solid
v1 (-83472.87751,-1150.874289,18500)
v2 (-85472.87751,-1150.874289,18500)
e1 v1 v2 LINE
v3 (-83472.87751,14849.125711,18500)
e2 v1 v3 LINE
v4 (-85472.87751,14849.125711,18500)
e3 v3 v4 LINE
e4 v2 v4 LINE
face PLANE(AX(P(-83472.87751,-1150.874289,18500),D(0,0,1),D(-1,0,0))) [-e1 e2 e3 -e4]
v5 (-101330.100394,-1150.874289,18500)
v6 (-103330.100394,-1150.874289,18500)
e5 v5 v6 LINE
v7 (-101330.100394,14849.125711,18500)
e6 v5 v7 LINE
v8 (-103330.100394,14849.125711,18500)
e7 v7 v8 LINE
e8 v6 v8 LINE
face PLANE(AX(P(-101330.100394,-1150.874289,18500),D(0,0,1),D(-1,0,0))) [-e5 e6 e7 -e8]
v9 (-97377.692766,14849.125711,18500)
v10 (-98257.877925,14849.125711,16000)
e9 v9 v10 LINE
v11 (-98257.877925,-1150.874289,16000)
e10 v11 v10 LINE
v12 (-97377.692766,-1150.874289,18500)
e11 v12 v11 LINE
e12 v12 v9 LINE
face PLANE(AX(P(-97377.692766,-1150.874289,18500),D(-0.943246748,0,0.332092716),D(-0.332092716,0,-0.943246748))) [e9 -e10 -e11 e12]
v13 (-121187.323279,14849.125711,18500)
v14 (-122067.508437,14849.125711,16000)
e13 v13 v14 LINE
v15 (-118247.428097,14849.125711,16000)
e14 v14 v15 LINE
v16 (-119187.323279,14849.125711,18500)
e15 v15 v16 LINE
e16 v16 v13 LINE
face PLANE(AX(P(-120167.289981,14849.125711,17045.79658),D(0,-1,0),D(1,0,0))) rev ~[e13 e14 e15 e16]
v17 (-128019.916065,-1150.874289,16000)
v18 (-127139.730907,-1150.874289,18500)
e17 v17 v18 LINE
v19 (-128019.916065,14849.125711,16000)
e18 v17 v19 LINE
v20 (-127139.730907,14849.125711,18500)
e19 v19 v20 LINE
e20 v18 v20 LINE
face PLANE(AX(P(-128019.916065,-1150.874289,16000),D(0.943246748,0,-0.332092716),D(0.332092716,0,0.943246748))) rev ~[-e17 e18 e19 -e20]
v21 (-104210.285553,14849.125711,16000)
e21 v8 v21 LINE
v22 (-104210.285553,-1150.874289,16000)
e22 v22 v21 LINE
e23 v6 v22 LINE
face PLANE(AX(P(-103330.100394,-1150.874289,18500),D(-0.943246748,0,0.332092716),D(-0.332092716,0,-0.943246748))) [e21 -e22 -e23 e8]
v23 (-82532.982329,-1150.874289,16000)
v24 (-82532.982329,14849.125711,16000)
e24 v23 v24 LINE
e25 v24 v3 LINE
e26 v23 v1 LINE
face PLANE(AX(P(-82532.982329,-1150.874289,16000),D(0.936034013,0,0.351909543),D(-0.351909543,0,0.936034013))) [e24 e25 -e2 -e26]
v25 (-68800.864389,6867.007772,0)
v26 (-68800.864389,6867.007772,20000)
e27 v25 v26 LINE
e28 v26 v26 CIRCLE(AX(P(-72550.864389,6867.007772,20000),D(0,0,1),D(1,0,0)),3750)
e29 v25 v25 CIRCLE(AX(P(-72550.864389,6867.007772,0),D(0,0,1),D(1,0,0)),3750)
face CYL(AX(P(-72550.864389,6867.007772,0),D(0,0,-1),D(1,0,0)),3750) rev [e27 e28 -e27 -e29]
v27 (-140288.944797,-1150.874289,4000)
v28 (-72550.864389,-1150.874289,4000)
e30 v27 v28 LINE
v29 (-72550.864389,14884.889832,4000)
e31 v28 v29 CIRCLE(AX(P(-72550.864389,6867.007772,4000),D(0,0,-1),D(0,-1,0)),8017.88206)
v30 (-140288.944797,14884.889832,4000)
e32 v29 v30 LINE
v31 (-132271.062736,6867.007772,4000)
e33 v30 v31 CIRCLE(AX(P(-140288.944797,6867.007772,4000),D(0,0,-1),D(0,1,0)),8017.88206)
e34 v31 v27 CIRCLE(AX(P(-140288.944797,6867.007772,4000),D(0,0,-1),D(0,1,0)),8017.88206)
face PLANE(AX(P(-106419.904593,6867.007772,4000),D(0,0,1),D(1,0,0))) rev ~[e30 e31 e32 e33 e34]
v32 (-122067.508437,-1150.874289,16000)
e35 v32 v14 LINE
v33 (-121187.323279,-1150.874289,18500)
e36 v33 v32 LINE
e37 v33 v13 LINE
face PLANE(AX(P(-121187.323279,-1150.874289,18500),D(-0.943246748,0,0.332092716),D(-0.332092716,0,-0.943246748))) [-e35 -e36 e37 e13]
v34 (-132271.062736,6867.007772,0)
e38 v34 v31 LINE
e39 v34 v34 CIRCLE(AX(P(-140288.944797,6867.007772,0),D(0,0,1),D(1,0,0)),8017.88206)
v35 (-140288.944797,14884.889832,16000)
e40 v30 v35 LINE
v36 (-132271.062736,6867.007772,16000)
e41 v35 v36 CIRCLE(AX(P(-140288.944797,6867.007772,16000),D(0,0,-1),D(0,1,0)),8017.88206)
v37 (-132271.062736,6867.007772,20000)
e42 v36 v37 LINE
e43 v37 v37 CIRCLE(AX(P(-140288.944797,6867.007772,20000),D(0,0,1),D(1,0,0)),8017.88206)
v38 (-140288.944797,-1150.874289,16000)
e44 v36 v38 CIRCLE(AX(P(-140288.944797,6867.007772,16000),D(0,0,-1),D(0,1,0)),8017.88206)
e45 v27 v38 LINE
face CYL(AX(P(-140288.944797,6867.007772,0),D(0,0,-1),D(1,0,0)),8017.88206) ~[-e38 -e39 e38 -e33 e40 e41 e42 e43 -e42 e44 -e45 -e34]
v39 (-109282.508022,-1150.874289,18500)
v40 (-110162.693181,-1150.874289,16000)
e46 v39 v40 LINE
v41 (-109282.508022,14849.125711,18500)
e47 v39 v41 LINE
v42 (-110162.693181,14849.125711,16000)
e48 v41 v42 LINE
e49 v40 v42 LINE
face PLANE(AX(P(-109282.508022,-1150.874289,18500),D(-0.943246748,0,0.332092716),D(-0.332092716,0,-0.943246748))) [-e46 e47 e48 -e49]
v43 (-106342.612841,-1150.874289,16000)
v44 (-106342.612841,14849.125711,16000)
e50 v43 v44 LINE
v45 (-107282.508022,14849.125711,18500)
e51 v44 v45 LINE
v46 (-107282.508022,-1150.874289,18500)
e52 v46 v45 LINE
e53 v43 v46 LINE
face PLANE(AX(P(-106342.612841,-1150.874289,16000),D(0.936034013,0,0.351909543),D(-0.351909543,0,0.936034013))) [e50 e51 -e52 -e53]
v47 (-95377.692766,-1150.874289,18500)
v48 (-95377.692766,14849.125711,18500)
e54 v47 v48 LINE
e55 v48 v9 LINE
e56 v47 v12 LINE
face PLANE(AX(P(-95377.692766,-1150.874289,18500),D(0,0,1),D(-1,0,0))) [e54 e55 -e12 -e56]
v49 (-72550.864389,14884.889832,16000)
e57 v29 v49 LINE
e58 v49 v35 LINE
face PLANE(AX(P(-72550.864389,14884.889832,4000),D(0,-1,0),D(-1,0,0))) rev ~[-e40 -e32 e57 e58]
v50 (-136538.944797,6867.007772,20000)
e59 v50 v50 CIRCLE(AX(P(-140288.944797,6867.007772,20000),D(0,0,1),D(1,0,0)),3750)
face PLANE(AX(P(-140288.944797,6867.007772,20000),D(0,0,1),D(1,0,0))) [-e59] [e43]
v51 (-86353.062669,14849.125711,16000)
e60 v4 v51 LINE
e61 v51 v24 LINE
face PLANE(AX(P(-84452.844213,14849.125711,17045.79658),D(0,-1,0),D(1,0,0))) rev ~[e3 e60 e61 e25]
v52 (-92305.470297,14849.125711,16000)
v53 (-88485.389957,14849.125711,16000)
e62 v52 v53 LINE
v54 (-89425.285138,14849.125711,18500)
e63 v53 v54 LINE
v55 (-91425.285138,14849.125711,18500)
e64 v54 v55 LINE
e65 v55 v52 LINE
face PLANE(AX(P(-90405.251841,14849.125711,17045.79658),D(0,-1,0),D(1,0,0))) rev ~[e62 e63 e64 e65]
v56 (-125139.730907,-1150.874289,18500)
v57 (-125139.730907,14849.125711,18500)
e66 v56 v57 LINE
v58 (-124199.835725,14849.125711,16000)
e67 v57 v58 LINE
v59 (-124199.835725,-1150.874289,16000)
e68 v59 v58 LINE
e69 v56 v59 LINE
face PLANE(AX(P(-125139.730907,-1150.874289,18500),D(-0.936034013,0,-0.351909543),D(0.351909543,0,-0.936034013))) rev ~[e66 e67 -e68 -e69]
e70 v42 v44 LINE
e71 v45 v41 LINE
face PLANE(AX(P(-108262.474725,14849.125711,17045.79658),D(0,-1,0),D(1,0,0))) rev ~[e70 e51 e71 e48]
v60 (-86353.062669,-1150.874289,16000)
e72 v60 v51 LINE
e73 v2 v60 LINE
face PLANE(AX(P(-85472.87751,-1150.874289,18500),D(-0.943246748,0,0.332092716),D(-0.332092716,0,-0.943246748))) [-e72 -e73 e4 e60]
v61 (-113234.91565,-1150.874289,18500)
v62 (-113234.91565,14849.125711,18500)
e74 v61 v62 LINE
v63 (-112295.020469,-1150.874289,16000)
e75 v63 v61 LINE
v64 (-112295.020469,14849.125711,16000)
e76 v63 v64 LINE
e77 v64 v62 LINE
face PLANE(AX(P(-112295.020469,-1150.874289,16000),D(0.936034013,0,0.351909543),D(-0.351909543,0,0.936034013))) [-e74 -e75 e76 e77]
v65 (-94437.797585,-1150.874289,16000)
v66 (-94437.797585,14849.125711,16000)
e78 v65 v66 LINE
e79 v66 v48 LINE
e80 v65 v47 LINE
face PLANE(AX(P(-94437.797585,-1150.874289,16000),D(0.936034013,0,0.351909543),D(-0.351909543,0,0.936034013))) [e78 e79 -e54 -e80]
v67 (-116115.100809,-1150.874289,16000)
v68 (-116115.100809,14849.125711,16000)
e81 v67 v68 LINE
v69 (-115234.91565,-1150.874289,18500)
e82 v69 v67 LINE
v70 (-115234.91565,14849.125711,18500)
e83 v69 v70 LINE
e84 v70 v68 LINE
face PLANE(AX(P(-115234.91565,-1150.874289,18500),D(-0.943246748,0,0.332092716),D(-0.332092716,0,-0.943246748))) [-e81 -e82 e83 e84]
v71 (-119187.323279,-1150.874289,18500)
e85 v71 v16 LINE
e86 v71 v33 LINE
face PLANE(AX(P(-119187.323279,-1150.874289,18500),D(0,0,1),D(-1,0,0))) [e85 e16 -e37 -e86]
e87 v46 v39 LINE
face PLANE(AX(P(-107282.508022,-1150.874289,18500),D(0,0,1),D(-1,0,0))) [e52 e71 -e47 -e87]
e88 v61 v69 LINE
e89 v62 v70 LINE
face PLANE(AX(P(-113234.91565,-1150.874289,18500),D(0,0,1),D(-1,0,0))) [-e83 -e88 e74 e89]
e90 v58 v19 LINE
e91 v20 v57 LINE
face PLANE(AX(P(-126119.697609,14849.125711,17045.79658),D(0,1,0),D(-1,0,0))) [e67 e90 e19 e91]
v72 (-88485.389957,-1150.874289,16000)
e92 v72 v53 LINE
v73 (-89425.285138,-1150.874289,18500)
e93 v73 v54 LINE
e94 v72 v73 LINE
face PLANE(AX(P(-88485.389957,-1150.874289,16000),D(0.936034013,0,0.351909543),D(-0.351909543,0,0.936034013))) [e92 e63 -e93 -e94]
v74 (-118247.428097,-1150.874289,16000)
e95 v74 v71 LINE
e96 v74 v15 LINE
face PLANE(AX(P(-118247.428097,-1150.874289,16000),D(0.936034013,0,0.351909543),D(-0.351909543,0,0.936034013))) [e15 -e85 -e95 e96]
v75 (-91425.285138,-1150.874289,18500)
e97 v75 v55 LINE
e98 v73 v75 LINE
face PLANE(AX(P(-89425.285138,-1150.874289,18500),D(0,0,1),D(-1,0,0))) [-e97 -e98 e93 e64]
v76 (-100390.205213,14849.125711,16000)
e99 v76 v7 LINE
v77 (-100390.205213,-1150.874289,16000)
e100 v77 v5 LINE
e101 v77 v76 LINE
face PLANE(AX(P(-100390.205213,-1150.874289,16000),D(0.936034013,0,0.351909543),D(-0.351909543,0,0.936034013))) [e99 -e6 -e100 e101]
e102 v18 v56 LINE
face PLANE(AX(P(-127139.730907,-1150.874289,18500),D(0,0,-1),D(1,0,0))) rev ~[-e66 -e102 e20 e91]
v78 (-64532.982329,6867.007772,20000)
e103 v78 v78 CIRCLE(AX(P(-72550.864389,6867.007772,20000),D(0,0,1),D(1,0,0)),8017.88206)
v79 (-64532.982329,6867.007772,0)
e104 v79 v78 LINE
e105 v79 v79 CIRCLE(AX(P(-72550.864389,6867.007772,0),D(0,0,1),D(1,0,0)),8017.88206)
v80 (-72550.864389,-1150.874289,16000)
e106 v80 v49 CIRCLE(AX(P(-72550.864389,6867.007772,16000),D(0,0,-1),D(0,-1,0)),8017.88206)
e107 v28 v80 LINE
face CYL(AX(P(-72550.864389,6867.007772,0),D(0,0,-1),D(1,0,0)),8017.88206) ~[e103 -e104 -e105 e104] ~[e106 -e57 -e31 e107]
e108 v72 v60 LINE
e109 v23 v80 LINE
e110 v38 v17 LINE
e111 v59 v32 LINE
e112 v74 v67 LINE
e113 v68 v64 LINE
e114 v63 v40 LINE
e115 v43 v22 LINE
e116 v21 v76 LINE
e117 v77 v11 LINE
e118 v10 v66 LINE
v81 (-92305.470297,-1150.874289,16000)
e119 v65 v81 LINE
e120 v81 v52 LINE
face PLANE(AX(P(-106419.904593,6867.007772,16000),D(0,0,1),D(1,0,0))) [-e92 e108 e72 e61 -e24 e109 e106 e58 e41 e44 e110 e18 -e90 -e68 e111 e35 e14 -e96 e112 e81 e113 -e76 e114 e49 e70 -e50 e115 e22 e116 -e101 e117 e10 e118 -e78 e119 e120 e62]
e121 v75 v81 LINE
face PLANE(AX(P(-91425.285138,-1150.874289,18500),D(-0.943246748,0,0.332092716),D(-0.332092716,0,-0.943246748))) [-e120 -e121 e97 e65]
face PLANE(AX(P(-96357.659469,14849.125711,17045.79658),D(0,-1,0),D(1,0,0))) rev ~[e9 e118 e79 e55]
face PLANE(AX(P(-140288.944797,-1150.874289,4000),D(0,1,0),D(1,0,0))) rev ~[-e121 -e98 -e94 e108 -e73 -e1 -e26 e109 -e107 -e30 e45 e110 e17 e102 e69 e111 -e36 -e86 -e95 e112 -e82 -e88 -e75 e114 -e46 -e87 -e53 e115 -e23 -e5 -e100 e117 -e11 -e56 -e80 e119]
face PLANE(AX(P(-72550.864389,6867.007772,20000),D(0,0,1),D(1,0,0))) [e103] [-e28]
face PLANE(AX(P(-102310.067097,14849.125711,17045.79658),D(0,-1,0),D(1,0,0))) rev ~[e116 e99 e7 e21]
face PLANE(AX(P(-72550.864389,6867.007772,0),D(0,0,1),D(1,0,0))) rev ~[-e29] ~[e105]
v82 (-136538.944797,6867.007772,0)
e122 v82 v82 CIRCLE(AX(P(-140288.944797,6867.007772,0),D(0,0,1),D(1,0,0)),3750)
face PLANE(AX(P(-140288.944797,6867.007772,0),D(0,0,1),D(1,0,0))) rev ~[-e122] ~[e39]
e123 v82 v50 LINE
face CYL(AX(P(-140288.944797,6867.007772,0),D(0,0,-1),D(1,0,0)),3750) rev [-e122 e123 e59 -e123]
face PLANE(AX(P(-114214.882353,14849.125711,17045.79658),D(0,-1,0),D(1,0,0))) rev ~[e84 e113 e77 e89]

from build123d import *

# Parameters (mm, degrees)
SKETCH3_R             = 8017.882060266
SKETCH3_R_2           = 3750
BOSS_EXTRUDE1_DEPTH   = 20000
BOSS_EXTRUDE1_2_DEPTH = 20000
BOSS_EXTRUDE2_START   = 4000
BOSS_EXTRUDE2_DEPTH   = 12000
BOSS_EXTRUDE3_DEPTH   = 16000


with BuildPart() as part:
    # Sketch3 → Boss-Extrude1 (new body)
    with BuildSketch(Plane.XY):
        with Locations((-140288.944796633, 6867.007771622)):
            Circle(SKETCH3_R)
        with Locations((-140288.944796633, 6867.007771622)):
            Circle(SKETCH3_R_2, mode=Mode.SUBTRACT)
    extrude(amount=BOSS_EXTRUDE1_DEPTH)



with BuildPart() as body_2:
    # Sketch3 → Boss-Extrude1 2 (new body)
    with BuildSketch(Plane.XY):
        with Locations((-72550.864388804, 6867.007771622)):
            Circle(SKETCH3_R)
        with Locations((-72550.864388804, 6867.007771622)):
            Circle(SKETCH3_R_2, mode=Mode.SUBTRACT)
    extrude(amount=BOSS_EXTRUDE1_2_DEPTH)


with BuildPart() as part_1:
    add(part.part)

    add(body_2.part)  # Boss-Extrude2 merges body 2
    # Sketch4 → Boss-Extrude2 (add)
    with BuildSketch(Plane.XY.offset(BOSS_EXTRUDE2_START)):
        with BuildLine():
            Line((-72550.864388804, 14884.889831888), (-140288.944796633, 14884.889831888))
            ThreePointArc((-140288.944796633, 14884.889831888), (-132271.062736367, 6867.007771622), (-140288.944796633, -1150.874288644))
            Line((-140288.944796633, -1150.874288644), (-72550.864388804, -1150.874288644))
            ThreePointArc((-72550.864388804, -1150.874288644), (-80568.74644907, 6867.007771622), (-72550.864388804, 14884.889831888))
        make_face()
    extrude(amount=BOSS_EXTRUDE2_DEPTH)

    # Sketch6 → Boss-Extrude3 (add)
    with BuildSketch(Plane.XZ.offset(1150.874288644)):
        Polygon((-122067.508437156, 16000), (-118247.428096981, 16000), (-119187.323278513, 18500), (-121187.323278513, 18500), align=None)
        Polygon((-116115.100809082, 16000), (-112295.020468907, 16000), (-113234.915650439, 18500), (-115234.915650439, 18500), align=None)
        Polygon((-110162.693181009, 16000), (-106342.612840833, 16000), (-107282.508022365, 18500), (-109282.508022365, 18500), align=None)
        Polygon((-104210.285552935, 16000), (-100390.205212759, 16000), (-101330.100394292, 18500), (-103330.100394292, 18500), align=None)
        Polygon((-98257.877924861, 16000), (-94437.797584686, 16000), (-95377.692766218, 18500), (-97377.692766218, 18500), align=None)
        Polygon((-92305.470296787, 16000), (-88485.389956612, 16000), (-89425.285138144, 18500), (-91425.285138144, 18500), align=None)
        Polygon((-85472.87751007, 18500), (-86353.062668713, 16000), (-82532.982328538, 16000), (-83472.87751007, 18500), align=None)
        Polygon((-128019.91606523, 16000), (-127139.730906587, 18500), (-125139.730906587, 18500), (-124199.835725055, 16000), align=None)
    extrude(amount=-BOSS_EXTRUDE3_DEPTH)


solid = part_1.part
